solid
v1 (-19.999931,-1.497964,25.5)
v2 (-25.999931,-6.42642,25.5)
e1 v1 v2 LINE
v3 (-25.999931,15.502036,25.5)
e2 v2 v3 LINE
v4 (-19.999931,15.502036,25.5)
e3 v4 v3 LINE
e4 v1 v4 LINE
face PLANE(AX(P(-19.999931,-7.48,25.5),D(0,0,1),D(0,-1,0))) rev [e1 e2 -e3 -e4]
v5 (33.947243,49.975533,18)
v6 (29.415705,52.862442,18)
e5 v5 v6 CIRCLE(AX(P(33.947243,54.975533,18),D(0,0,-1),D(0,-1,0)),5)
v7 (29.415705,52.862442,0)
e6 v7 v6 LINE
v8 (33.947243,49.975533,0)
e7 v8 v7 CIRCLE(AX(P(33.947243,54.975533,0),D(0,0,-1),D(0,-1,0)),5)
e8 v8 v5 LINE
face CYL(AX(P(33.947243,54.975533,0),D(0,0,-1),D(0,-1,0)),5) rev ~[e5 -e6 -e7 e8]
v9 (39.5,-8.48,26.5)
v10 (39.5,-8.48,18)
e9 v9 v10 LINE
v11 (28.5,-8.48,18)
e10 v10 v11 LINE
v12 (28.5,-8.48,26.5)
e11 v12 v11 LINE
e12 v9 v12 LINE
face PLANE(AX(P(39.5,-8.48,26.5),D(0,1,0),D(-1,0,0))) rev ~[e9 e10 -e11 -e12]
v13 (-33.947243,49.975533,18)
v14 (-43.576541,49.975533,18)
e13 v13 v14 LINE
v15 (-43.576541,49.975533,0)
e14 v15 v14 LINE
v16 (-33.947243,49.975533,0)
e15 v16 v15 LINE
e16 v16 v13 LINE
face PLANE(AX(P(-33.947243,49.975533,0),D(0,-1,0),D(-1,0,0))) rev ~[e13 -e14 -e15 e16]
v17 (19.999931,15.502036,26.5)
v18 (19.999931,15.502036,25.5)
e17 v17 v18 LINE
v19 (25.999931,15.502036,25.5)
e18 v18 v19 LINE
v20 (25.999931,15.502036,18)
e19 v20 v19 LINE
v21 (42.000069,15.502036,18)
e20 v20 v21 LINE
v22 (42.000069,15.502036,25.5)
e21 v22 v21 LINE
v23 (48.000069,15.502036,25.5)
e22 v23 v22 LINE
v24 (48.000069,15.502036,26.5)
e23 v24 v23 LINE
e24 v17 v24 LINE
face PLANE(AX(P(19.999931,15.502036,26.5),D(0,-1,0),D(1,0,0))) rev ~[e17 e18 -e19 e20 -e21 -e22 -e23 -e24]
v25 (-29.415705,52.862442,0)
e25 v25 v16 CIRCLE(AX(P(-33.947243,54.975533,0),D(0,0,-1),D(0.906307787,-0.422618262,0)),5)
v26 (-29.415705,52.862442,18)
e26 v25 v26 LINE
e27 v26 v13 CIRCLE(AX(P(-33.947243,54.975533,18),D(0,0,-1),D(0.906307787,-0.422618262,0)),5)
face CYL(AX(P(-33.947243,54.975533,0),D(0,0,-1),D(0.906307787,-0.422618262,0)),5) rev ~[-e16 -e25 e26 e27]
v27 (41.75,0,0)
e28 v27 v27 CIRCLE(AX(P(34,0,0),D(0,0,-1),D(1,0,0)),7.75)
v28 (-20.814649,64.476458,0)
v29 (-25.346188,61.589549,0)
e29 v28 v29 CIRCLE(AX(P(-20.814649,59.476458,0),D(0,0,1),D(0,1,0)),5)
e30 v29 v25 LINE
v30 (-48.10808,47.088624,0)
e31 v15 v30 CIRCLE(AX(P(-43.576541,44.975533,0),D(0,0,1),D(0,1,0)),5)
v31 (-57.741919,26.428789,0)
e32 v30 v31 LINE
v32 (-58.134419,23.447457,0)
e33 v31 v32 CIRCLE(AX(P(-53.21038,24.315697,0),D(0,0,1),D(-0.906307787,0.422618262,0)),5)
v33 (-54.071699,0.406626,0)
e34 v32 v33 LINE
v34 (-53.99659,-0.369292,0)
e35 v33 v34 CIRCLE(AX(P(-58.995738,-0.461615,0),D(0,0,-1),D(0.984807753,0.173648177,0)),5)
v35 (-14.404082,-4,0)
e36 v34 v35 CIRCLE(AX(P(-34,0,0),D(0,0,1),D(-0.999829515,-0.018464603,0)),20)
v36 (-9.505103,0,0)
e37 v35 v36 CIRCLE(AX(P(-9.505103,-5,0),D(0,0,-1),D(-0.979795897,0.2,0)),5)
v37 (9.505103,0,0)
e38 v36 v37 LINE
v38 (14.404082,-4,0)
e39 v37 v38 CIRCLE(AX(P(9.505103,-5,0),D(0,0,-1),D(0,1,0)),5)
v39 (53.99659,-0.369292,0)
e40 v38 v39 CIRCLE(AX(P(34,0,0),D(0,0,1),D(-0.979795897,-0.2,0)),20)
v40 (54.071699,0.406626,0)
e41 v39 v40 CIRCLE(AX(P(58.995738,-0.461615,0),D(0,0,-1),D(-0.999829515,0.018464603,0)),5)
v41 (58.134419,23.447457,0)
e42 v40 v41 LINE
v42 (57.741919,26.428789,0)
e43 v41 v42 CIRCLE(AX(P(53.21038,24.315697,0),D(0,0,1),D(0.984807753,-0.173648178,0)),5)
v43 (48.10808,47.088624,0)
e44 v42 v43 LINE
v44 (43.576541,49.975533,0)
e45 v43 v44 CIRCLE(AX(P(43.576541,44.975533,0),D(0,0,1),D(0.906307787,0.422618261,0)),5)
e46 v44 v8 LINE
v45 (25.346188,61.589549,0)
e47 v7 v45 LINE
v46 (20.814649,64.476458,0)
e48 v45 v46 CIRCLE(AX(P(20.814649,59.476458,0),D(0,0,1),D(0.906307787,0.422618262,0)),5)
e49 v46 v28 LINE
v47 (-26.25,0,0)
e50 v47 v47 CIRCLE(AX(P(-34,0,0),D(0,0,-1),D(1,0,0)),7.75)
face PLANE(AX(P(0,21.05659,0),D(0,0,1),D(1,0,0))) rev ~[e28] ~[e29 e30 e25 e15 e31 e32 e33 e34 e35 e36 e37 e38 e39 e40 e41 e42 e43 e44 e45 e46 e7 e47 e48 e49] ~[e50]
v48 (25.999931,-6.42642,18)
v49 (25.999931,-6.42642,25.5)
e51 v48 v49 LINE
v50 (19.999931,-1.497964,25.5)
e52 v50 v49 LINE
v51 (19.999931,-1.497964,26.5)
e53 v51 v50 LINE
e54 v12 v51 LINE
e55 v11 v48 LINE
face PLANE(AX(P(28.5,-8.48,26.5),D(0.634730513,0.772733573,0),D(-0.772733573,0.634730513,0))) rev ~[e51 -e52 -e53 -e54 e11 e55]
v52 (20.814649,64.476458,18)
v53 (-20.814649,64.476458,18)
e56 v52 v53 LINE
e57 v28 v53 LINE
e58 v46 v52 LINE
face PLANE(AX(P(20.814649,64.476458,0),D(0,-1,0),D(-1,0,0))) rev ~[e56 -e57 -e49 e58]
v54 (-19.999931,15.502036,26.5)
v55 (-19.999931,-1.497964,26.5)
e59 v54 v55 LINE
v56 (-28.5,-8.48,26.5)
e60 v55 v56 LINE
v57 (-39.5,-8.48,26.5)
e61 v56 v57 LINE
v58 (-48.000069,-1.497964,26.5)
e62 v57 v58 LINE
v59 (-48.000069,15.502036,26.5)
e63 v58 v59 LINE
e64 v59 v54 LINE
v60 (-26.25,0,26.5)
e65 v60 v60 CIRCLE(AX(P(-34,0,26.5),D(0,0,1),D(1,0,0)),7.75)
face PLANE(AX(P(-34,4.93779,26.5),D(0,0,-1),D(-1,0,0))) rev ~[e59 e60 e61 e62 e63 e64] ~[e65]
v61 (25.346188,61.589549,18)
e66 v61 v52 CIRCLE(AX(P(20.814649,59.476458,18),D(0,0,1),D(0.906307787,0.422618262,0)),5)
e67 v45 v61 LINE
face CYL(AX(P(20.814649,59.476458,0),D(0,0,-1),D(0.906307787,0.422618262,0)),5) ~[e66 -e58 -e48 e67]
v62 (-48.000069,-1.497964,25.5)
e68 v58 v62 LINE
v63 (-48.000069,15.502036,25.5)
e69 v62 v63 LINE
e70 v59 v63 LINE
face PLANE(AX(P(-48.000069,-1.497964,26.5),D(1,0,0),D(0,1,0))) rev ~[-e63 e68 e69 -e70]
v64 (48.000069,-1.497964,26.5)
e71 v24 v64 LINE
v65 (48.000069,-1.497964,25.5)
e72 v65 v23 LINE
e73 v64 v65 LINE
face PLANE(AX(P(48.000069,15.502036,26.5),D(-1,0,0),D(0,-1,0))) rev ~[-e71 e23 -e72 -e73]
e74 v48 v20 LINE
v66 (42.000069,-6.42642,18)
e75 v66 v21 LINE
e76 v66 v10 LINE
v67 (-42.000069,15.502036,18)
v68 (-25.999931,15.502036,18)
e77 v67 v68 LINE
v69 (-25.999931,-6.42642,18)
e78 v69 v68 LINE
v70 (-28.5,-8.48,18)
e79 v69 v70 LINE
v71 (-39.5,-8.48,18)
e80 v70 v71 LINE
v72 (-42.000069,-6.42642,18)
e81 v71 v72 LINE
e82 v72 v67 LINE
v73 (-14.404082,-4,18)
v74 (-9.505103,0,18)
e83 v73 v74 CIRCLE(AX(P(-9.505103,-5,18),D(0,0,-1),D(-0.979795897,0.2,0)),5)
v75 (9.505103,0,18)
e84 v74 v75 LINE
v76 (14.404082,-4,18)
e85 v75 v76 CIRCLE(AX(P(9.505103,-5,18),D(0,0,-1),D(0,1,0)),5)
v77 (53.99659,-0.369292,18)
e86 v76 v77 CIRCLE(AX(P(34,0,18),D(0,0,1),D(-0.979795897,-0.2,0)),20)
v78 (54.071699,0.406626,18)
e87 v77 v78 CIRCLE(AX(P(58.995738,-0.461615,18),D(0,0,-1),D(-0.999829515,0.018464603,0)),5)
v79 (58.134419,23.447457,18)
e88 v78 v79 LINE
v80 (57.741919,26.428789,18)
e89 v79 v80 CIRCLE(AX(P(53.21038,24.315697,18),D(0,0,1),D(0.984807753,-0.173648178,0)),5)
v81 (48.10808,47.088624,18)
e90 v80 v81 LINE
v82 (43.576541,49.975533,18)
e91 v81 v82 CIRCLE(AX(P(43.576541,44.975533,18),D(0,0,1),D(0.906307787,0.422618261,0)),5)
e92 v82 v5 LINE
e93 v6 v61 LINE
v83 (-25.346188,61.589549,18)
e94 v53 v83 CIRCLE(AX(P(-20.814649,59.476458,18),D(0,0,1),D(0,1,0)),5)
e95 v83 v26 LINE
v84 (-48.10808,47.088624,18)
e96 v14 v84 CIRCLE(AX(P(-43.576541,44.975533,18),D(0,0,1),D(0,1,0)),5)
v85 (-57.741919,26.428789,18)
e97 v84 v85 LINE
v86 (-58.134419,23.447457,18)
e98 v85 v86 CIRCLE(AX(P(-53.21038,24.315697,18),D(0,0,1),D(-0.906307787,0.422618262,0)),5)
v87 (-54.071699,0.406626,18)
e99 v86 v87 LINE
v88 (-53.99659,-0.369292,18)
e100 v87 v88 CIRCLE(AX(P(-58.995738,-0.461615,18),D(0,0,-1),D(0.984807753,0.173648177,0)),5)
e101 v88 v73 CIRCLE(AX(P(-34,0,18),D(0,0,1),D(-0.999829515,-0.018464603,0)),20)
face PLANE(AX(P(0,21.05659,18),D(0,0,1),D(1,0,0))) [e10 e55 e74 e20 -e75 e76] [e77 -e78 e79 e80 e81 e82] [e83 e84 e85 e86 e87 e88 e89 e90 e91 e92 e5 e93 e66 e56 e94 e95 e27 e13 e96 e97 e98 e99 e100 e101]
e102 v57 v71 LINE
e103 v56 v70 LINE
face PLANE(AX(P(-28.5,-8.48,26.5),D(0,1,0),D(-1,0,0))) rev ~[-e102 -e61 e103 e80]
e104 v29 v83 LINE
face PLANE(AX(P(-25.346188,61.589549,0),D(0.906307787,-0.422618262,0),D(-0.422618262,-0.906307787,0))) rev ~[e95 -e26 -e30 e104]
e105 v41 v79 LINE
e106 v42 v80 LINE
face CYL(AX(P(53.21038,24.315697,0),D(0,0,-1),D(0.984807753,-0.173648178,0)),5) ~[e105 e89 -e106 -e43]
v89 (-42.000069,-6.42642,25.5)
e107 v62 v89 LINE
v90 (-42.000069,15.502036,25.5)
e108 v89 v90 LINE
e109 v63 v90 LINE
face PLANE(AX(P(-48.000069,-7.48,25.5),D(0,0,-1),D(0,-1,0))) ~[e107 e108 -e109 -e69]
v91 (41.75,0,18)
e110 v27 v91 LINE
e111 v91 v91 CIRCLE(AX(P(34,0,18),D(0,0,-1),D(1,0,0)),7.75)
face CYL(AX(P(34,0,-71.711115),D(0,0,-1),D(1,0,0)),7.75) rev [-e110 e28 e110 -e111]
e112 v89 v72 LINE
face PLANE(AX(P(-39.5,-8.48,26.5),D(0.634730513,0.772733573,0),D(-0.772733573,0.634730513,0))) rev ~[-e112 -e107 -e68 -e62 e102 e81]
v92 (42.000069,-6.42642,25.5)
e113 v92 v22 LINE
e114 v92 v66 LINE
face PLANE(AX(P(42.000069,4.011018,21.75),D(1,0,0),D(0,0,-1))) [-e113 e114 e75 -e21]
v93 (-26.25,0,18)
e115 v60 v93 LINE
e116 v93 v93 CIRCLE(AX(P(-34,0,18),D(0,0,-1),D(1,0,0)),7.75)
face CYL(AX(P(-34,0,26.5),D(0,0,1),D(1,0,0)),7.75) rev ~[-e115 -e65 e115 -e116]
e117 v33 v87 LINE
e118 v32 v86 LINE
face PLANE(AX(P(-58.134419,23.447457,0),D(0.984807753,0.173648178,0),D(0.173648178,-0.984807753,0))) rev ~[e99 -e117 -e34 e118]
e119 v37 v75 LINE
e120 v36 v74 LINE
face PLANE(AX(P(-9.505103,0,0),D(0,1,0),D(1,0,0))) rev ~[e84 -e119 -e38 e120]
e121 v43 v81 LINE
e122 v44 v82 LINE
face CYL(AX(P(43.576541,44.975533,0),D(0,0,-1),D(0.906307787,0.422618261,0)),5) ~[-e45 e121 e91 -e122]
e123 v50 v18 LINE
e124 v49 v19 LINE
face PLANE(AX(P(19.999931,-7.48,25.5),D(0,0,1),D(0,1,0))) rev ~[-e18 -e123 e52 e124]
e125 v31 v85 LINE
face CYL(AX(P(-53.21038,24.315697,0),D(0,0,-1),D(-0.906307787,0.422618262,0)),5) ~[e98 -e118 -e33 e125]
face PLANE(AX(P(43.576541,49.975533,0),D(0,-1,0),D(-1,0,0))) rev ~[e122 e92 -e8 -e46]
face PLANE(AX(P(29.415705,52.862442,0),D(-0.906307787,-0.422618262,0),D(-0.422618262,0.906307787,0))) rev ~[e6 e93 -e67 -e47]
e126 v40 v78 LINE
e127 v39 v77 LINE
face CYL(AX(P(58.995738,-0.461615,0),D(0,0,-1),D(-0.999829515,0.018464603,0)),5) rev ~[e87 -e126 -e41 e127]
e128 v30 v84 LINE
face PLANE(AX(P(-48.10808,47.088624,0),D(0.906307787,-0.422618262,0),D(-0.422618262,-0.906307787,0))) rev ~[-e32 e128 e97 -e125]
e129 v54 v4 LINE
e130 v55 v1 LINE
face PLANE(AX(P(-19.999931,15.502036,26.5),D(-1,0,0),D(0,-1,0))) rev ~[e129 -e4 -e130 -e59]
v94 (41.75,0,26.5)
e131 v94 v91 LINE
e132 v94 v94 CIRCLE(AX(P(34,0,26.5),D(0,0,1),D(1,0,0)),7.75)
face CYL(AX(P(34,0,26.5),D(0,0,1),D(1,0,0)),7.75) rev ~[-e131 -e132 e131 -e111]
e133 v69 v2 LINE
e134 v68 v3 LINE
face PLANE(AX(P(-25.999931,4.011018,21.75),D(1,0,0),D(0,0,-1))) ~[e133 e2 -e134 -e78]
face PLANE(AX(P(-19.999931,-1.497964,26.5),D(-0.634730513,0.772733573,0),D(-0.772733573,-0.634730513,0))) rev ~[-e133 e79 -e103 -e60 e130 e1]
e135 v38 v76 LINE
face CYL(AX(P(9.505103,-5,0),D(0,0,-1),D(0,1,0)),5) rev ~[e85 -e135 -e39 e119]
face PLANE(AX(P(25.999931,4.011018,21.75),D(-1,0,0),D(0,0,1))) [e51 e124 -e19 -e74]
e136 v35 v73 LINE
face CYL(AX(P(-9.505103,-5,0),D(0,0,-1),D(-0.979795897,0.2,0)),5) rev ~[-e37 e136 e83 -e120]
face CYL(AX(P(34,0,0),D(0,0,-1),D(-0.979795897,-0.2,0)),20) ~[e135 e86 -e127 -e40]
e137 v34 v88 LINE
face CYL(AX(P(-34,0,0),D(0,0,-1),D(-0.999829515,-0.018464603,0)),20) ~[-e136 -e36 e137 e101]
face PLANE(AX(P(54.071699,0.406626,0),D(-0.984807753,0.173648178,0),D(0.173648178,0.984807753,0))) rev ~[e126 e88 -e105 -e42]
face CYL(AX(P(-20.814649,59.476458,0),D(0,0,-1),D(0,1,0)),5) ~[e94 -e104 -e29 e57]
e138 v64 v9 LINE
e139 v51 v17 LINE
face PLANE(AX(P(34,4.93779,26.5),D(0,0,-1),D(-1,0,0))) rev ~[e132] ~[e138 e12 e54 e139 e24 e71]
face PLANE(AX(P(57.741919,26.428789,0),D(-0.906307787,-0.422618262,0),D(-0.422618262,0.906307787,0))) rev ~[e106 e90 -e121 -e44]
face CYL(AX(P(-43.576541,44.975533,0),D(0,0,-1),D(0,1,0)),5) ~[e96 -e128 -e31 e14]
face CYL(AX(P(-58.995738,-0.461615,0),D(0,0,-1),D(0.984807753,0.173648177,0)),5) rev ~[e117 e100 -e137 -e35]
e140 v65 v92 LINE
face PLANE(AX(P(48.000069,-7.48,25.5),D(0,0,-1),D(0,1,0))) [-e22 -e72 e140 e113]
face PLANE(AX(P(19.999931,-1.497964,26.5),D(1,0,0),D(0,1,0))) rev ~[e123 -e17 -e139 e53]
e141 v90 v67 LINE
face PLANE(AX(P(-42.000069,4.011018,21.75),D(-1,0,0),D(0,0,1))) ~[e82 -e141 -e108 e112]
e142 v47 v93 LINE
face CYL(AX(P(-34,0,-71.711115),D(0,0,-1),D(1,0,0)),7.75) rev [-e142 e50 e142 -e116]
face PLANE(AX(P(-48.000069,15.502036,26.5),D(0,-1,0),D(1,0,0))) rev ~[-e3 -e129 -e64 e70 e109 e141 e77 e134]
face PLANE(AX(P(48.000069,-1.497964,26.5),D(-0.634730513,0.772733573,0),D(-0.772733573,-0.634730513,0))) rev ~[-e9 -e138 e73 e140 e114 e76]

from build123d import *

# Parameters (mm, degrees)
CROQUIS1_R                 = 5.5
SALIENTE_EXTRUIR1_DEPTH    = 18
CORTAR_EXTRUIR1_DEPTH      = 89.71111533
CORTAR_EXTRUIR1_DEPTH_BACK = 89.71111533
CROQUIS2_R                 = 7.75
CROQUIS2_R_2               = 5.5
SALIENTE_EXTRUIR2_START    = 8.5
CROQUIS2_6_R               = 7.75
SALIENTE_EXTRUIR2_DEPTH    = 8.5
CROQUIS4_W                 = 7.5
CROQUIS4_H                 = 22.982035645
CORTAR_EXTRUIR2_DEPTH      = 6
CROQUIS5_W                 = 7.5
CROQUIS5_H                 = 22.982035645
CORTAR_EXTRUIR3_DEPTH      = 6


with BuildPart() as part:
    # Croquis1 → Saliente-Extruir1 (new body)
    with BuildSketch(Plane.XY):
        with BuildLine():
            Line((-9.505102572, 0), (9.505102572, 0))
            ThreePointArc((9.505102572, 0), (12.667380232, -1.127016654), (14.404082058, -4))
            ThreePointArc((14.404082058, -4), (35.826374721, -19.916434304), (53.996590294, -0.369292059))
            ThreePointArc((53.996590294, -0.369292059), (54.019000089, 0.020132875), (54.071699102, 0.406625814))
            Line((54.071699102, 0.406625814), (58.134419217, 23.447456541))
            ThreePointArc((58.134419217, 23.447456541), (58.167604759, 24.96832839), (57.741919387, 26.428788738))
            Line((57.741919387, 26.428788738), (48.108079819, 47.088624363))
            ThreePointArc((48.108079819, 47.088624363), (46.263038926, 49.192490284), (43.576540884, 49.975533055))
            Line((43.576540884, 49.975533055), (33.947243492, 49.975533055))
            ThreePointArc((33.947243492, 49.975533055), (31.26074545, 50.758575826), (29.415704557, 52.862441746))
            Line((29.415704557, 52.862441746), (25.346187631, 61.589548956))
            ThreePointArc((25.346187631, 61.589548956), (23.501146738, 63.693414876), (20.814648696, 64.476457647))
            Line((20.814648696, 64.476457647), (-20.814648696, 64.476457647))
            ThreePointArc((-20.814648696, 64.476457647), (-23.501146738, 63.693414876), (-25.346187631, 61.589548956))
            Line((-25.346187631, 61.589548956), (-29.415704557, 52.862441746))
            ThreePointArc((-29.415704557, 52.862441746), (-31.26074545, 50.758575826), (-33.947243492, 49.975533055))
            Line((-33.947243492, 49.975533055), (-43.576540884, 49.975533055))
            ThreePointArc((-43.576540884, 49.975533055), (-46.263038926, 49.192490284), (-48.108079819, 47.088624363))
            Line((-48.108079819, 47.088624363), (-57.741919387, 26.428788738))
            ThreePointArc((-57.741919387, 26.428788738), (-58.167604759, 24.96832839), (-58.134419217, 23.447456541))
            Line((-58.134419217, 23.447456541), (-54.071699102, 0.406625814))
            ThreePointArc((-54.071699102, 0.406625814), (-54.019000089, 0.020132875), (-53.996590294, -0.369292059))
            ThreePointArc((-53.996590294, -0.369292059), (-35.826374721, -19.916434304), (-14.404082058, -4))
            ThreePointArc((-14.404082058, -4), (-12.667380232, -1.127016654), (-9.505102572, 0))
        make_face()
        with Locations((34, 0)):
            Circle(CROQUIS1_R, mode=Mode.SUBTRACT)
        with Locations((-34, 0)):
            Circle(CROQUIS1_R, mode=Mode.SUBTRACT)
    extrude(amount=SALIENTE_EXTRUIR1_DEPTH)

    # Croquis2 → Cortar-Extruir1 (cut, two sides: drawn at the far end of the back side and taken through both)
    # profile 1 of 2: a face of its own
    with BuildSketch(Plane.XY.offset(18).offset(-CORTAR_EXTRUIR1_DEPTH_BACK)):
        with Locations((34, 0)):
            Circle(CROQUIS2_R)
        with Locations((34, 0)):
            Circle(CROQUIS2_R_2, mode=Mode.SUBTRACT)
    # profile 2 of 2: a face of its own
    with BuildSketch(Plane.XY.offset(18).offset(-CORTAR_EXTRUIR1_DEPTH_BACK)):
        with Locations((-34, 0)):
            Circle(CROQUIS2_R)
        with Locations((-34, 0)):
            Circle(CROQUIS2_R_2, mode=Mode.SUBTRACT)
    extrude(amount=CORTAR_EXTRUIR1_DEPTH + CORTAR_EXTRUIR1_DEPTH_BACK, mode=Mode.SUBTRACT)

    # Croquis2<6> → Saliente-Extruir2 (add)
    # profile 1 of 2: a face of its own
    with BuildSketch(Plane.XY.offset(18).offset(SALIENTE_EXTRUIR2_START)):
        Polygon((-48.000069308, 15.502035645), (-19.999930692, 15.502035645), (-19.999930692, -1.497964355), (-28.5, -8.48), (-39.5, -8.48), (-48.000069308, -1.497964355), align=None)
        with Locations((-34, 0)):
            Circle(CROQUIS2_6_R, mode=Mode.SUBTRACT)
    # profile 2 of 2: a face of its own
    with BuildSketch(Plane.XY.offset(18).offset(SALIENTE_EXTRUIR2_START)):
        Polygon((19.999930692, -1.497964355), (19.999930692, 15.502035645), (48.000069308, 15.502035645), (48.000069308, -1.497964355), (39.5, -8.48), (28.5, -8.48), align=None)
        with Locations((34, 0)):
            Circle(CROQUIS2_6_R, mode=Mode.SUBTRACT)
    extrude(amount=-SALIENTE_EXTRUIR2_DEPTH)

    # Croquis4 → Cortar-Extruir2 (cut)
    with BuildSketch(Plane.ZY.offset(-19.999930692)):
        with Locations((21.75, 4.011017823)):
            Rectangle(CROQUIS4_W, CROQUIS4_H)
    cortar_extruir2 = extrude(amount=-CORTAR_EXTRUIR2_DEPTH, mode=Mode.SUBTRACT)

    # Croquis5 → Cortar-Extruir3 (cut)
    with BuildSketch(Plane(origin=(48.000069308, 0, 0), x_dir=(0, 0, -1), z_dir=(1, 0, 0))):
        with Locations((-21.75, 4.011017823)):
            Rectangle(CROQUIS5_W, CROQUIS5_H)
    cortar_extruir3 = extrude(amount=-CORTAR_EXTRUIR3_DEPTH, mode=Mode.SUBTRACT)

    # Simetría1: Cortar-Extruir2, Cortar-Extruir3 across plane
    add(cortar_extruir2.mirror(Plane(origin=(0, 0, 0), x_dir=(0, 0, 1), z_dir=(1, 0, 0))), mode=Mode.SUBTRACT)
    add(cortar_extruir3.mirror(Plane(origin=(0, 0, 0), x_dir=(0, 0, 1), z_dir=(1, 0, 0))), mode=Mode.SUBTRACT)


solid = part.part
